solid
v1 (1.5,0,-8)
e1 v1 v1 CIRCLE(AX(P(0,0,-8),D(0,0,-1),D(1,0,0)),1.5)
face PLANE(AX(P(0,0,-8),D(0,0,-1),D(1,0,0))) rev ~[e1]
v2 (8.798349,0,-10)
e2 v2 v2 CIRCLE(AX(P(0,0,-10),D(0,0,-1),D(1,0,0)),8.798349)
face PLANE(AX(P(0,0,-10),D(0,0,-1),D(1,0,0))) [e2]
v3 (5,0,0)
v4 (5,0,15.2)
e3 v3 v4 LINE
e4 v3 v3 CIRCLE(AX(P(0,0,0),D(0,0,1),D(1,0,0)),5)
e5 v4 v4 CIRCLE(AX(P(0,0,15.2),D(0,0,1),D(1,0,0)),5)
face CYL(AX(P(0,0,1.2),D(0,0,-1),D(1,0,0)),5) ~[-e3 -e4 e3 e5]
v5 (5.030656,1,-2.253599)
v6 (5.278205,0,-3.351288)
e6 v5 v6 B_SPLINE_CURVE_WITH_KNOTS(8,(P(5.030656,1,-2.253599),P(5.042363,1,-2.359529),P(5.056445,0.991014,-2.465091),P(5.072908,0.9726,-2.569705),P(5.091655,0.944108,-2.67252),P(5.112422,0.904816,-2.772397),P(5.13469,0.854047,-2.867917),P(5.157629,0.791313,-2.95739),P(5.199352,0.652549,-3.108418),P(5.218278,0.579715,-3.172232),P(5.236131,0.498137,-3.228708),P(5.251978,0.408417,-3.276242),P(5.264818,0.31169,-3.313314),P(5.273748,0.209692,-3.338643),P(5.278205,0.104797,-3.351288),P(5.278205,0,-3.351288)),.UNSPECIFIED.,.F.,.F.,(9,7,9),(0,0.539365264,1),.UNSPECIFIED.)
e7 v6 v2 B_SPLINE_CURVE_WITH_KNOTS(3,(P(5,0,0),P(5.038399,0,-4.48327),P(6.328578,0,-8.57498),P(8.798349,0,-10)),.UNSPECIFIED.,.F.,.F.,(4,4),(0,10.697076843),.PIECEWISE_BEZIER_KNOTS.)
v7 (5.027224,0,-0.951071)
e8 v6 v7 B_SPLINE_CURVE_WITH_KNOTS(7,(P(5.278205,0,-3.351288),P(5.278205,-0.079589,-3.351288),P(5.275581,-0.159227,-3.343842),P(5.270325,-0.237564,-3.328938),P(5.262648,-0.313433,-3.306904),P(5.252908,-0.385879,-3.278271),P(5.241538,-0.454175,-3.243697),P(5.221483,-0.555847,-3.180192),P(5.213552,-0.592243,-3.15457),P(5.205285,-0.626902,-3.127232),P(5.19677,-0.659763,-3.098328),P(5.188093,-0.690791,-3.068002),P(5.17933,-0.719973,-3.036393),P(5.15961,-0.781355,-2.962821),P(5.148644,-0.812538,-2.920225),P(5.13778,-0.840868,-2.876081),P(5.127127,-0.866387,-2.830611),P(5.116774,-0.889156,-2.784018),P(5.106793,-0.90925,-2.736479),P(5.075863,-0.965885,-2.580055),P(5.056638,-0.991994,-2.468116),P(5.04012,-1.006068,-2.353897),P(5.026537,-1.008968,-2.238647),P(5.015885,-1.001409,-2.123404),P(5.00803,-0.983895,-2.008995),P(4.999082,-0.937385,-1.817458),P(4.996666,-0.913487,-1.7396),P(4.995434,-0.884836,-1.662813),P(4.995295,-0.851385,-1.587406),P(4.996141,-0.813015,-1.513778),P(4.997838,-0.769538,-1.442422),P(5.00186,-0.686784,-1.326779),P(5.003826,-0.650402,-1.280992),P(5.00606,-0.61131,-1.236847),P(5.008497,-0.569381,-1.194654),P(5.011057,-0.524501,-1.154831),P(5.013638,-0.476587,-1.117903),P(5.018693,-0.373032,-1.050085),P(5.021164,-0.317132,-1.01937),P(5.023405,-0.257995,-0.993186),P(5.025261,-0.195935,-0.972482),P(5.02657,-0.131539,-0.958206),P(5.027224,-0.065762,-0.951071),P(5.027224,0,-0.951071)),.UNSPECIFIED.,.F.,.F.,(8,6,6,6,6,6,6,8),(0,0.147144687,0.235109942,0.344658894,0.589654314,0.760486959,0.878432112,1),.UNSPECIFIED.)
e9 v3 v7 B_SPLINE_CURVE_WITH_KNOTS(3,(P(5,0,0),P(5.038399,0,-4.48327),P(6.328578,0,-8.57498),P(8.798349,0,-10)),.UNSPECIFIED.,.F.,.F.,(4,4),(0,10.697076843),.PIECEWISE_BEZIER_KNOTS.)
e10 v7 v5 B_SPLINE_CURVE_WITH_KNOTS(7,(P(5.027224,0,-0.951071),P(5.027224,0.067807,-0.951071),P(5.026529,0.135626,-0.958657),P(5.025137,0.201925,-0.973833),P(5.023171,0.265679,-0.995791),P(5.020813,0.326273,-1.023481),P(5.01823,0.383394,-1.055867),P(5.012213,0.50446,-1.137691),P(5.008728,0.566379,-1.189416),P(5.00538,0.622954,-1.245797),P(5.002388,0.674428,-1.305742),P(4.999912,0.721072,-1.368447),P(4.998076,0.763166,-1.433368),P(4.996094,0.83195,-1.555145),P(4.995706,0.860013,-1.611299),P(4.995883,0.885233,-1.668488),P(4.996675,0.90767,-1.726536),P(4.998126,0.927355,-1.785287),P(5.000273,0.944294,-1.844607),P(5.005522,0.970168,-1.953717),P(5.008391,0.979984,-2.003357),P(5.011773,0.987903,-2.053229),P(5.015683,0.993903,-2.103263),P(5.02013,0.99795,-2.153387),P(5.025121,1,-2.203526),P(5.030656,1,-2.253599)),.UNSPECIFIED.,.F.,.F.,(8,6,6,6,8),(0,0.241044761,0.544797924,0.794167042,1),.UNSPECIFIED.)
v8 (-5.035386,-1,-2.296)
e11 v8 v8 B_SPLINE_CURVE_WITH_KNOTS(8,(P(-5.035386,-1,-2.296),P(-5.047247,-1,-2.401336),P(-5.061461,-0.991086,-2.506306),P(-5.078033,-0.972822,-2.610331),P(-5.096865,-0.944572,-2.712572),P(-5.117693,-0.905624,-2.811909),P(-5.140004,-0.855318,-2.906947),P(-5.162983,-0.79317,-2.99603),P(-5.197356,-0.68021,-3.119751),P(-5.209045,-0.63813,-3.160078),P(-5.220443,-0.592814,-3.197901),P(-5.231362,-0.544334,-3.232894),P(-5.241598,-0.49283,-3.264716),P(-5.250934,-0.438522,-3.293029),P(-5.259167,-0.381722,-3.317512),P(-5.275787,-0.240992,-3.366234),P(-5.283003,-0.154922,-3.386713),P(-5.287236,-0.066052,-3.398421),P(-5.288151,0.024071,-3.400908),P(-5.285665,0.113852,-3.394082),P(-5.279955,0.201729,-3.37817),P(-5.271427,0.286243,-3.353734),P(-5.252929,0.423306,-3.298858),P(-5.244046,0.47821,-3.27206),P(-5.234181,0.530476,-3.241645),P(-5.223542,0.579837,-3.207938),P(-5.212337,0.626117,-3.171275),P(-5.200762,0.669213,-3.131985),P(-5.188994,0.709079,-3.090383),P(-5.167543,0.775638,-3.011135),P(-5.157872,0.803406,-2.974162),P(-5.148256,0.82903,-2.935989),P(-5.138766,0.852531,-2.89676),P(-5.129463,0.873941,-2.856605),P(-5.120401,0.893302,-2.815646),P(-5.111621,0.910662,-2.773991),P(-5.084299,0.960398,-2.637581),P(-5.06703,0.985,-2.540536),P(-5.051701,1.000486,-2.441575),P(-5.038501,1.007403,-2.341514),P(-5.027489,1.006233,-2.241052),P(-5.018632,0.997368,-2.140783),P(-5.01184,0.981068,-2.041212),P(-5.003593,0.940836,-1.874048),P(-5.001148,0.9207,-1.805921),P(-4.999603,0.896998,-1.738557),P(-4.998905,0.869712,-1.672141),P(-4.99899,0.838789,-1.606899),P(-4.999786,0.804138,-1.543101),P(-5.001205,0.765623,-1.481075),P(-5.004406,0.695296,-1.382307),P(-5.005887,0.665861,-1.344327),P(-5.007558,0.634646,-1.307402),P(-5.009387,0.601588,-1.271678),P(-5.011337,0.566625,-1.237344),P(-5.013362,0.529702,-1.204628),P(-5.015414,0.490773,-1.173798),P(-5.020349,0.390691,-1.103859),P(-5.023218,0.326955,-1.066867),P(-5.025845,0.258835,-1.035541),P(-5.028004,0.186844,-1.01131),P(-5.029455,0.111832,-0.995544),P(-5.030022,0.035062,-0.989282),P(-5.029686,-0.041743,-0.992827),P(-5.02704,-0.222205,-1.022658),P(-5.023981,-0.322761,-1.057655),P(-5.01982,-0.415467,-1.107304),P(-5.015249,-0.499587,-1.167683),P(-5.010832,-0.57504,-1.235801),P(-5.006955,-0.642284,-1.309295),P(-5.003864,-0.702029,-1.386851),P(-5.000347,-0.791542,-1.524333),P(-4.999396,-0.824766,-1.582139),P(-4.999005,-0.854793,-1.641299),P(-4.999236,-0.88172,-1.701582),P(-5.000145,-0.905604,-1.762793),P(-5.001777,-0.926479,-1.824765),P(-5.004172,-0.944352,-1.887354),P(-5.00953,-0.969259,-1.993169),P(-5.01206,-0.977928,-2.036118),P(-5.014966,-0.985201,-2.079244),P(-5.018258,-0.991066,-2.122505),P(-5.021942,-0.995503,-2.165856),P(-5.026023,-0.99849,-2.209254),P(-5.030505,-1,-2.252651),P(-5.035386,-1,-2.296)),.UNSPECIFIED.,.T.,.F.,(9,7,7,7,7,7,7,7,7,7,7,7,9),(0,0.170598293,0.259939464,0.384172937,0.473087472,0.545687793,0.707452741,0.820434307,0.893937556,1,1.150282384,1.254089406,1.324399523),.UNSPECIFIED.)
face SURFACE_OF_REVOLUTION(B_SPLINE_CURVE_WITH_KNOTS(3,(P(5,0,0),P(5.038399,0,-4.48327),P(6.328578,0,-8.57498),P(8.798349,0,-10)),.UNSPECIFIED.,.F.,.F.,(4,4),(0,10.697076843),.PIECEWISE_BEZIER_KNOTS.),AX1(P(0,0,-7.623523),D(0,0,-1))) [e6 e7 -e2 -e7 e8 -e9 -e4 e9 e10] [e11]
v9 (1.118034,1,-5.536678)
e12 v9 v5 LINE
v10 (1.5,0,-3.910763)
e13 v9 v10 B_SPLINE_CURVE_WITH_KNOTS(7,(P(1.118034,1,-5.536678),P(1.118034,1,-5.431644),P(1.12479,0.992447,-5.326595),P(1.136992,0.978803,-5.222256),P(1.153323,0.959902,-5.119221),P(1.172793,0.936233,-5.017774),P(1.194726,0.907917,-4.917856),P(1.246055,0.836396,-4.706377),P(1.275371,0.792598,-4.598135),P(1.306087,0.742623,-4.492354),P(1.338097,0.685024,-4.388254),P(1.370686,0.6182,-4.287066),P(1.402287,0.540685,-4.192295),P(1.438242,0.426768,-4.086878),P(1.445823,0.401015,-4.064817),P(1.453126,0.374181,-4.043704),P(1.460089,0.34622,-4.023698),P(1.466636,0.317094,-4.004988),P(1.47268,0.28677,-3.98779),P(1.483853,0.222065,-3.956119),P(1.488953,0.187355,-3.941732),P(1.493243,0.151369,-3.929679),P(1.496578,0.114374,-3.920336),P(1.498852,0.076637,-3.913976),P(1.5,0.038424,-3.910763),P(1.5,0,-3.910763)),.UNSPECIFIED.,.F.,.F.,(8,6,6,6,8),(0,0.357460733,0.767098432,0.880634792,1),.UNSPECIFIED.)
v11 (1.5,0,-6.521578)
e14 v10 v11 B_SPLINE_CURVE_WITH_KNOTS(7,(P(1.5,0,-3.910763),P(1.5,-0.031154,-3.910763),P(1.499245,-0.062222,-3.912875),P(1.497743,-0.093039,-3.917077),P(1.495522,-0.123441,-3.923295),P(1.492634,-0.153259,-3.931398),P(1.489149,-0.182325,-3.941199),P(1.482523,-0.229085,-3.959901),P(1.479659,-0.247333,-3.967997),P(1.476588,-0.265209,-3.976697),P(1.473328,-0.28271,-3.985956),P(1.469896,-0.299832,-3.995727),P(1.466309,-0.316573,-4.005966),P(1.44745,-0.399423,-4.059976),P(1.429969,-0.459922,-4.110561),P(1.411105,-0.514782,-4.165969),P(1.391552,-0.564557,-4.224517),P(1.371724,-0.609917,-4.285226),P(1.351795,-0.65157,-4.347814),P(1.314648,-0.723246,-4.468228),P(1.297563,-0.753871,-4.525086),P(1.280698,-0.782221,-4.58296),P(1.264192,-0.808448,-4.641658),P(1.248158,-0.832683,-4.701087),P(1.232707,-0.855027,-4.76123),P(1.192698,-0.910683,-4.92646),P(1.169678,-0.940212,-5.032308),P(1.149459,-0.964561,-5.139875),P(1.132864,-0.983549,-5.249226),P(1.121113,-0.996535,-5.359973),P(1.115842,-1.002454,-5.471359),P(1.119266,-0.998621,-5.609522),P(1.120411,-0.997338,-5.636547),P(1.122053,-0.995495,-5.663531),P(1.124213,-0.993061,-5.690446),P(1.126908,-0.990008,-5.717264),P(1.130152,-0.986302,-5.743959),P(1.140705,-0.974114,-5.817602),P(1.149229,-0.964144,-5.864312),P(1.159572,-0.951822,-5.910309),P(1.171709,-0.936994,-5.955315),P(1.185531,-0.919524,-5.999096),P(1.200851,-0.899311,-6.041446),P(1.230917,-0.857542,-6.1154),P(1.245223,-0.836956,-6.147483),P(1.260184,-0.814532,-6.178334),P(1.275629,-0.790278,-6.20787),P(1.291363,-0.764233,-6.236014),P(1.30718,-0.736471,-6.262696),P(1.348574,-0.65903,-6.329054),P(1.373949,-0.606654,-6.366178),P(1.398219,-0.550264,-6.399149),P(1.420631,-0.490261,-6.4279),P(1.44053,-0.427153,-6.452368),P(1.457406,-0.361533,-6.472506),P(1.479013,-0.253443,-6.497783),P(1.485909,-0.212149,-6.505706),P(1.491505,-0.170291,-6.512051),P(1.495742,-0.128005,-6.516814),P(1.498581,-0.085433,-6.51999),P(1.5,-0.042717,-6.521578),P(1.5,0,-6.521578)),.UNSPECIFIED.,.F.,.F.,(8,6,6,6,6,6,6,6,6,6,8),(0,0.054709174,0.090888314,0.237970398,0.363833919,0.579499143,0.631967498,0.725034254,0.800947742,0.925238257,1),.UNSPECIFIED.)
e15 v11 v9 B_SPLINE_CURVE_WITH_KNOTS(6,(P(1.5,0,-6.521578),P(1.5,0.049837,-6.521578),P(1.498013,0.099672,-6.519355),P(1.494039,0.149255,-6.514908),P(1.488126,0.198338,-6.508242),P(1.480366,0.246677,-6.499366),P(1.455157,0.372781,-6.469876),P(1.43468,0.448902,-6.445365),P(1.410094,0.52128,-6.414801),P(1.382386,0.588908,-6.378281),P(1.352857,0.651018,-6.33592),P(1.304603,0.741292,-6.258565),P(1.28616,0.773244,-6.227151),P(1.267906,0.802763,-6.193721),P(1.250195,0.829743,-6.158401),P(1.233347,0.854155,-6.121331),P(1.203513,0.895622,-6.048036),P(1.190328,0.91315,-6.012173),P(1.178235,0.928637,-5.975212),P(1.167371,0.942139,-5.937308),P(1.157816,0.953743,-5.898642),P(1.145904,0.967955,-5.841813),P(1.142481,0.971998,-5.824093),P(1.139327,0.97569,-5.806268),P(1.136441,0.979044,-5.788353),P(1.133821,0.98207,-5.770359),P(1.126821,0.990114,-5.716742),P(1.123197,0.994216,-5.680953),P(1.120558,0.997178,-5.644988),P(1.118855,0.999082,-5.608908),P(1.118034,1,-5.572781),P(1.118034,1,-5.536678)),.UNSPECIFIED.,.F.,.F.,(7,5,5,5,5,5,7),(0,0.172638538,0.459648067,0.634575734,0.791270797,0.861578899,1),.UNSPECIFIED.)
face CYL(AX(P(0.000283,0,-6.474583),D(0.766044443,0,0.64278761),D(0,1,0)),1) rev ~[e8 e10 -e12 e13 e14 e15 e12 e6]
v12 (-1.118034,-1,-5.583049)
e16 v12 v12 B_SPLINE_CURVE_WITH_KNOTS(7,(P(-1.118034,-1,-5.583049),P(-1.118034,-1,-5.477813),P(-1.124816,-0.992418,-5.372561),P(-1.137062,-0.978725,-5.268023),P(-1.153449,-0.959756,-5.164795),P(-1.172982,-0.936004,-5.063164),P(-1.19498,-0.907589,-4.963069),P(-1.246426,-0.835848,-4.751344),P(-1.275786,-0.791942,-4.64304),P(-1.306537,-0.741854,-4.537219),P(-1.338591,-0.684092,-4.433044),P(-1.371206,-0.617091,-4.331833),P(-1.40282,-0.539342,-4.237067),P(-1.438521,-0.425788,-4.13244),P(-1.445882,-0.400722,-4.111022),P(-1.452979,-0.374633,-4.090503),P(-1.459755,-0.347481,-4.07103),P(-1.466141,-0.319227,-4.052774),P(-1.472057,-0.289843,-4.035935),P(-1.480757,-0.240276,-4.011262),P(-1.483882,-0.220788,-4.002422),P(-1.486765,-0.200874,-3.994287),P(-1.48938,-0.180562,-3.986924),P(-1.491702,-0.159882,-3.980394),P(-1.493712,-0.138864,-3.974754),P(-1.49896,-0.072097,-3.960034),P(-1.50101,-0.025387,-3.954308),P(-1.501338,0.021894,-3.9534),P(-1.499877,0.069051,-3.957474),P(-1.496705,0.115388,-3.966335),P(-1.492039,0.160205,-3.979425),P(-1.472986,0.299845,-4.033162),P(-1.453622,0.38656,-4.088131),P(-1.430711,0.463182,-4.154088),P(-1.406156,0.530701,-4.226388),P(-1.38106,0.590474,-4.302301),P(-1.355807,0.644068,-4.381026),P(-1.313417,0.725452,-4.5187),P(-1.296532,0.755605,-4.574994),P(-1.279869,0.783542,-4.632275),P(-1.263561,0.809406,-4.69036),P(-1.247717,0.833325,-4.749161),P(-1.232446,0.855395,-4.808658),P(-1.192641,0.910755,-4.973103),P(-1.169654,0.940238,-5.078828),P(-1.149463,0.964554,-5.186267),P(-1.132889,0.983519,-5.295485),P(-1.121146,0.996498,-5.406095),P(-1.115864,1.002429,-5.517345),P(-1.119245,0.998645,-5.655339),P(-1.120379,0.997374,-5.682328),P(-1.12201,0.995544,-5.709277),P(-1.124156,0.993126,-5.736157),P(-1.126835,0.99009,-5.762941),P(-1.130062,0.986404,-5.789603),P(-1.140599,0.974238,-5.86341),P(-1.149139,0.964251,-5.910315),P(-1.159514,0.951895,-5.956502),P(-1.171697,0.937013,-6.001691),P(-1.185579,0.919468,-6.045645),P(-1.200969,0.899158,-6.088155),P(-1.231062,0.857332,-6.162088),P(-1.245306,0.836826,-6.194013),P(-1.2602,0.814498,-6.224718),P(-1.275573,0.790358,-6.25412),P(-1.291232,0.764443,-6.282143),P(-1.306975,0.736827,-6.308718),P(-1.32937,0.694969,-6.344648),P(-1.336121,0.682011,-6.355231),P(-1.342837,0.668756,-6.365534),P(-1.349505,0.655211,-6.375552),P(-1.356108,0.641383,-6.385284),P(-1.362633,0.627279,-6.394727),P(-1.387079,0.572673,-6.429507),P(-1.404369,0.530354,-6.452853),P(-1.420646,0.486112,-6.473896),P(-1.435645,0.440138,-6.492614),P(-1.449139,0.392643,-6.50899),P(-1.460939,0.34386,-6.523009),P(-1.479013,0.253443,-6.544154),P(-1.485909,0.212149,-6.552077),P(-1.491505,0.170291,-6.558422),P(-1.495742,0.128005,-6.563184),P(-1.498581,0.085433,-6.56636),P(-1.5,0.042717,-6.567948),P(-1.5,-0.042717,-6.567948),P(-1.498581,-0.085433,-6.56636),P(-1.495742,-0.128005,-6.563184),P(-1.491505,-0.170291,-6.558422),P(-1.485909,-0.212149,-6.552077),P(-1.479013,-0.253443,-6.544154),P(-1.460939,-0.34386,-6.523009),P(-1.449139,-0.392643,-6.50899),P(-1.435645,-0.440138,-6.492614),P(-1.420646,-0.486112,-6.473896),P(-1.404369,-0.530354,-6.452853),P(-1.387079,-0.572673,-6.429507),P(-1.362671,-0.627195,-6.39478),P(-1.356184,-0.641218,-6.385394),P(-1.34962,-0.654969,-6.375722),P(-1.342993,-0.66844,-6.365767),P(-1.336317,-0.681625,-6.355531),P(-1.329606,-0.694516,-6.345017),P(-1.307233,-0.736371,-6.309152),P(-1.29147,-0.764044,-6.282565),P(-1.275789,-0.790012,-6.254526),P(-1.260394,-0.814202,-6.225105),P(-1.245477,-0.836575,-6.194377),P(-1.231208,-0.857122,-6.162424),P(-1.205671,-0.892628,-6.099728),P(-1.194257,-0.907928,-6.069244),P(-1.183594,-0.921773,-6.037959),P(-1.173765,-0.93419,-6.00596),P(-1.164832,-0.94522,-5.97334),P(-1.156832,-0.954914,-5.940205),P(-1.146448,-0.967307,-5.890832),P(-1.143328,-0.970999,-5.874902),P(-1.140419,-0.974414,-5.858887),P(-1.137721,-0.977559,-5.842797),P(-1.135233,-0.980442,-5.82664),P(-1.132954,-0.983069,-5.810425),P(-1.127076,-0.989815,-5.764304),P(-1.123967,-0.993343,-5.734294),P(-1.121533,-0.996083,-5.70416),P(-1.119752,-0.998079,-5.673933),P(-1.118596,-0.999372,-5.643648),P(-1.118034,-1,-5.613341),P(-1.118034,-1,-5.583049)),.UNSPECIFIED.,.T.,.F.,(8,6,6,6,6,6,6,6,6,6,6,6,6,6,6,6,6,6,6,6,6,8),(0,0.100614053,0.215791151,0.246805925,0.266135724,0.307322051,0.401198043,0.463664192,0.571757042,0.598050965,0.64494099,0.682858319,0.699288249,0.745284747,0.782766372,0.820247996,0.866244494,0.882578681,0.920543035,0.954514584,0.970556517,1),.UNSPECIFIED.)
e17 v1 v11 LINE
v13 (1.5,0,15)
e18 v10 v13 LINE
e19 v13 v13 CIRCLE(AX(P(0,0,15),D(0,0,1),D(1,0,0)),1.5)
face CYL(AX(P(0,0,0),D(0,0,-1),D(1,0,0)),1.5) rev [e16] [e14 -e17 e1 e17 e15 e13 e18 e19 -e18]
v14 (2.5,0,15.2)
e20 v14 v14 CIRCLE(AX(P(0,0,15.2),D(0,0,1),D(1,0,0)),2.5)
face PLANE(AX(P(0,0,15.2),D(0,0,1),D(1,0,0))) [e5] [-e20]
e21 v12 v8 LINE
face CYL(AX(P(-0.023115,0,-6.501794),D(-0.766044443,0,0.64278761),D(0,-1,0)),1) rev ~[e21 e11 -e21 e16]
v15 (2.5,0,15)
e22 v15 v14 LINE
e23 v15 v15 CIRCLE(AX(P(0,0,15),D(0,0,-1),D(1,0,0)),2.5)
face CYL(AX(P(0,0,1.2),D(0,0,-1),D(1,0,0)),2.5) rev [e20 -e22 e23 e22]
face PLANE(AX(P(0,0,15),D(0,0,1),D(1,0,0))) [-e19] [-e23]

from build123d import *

# Parameters (mm, degrees)
F0_R          = 2.5
F0_R_2        = 1.5
F4_DEPTH      = 15
F4_DEPTH_BACK = 10
F6_R          = 2.55
F6_R_2        = 2.5
F7_DEPTH      = 0.25
F10_R         = 5
F10_R_2       = 1.5
F11_DEPTH     = 1.2
F14_R         = 1.5
F15_DEPTH     = 2
F3_R          = 1
F18_R         = 1
F20_DEPTH     = 14


with BuildPart() as f4:
    # F0 (on Top) → F4 (new body, two sides)
    with BuildSketch(Plane.XY) as f4_sk:
        Circle(F0_R)
        Circle(F0_R_2, mode=Mode.SUBTRACT)
    extrude(amount=F4_DEPTH)
    extrude(f4_sk.sketch, amount=-F4_DEPTH_BACK)

    # F6 (on face) → F7 (join)
    with BuildSketch(Plane.XY.offset(15)):
        Circle(F6_R)
        Circle(F6_R_2, mode=Mode.SUBTRACT)
    extrude(amount=-F7_DEPTH)

    # F10 (on Top) → F11 (join)
    with BuildSketch(Plane.XY):
        Circle(F10_R)
        Circle(F10_R_2, mode=Mode.SUBTRACT)
    extrude(amount=F11_DEPTH)

    # F12 (on Front) → F13 (revolve)
    with BuildSketch(Plane.XZ):
        with BuildLine():
            Line((5, 0), (2.5, 0))
            Line((2.5, 0), (2.5, -10))
            Line((2.5, -10), (8.7983487174, -10))
            add(Edge.make_bspline(
                [(5, 0), (5.0383992493, -4.4832699932), (6.3285781071, -8.5749803111), (8.7983487174, -10)],
                knots=[0, 0, 0, 0, 10.6970768427, 10.6970768427, 10.6970768427, 10.6970768427], degree=3))
        make_face()
    revolve(axis=Axis((0, 0, -7.6235234737), (0, 0, -1)))

    # F14 (on face) → F15 (join)
    with BuildSketch(Plane(origin=(0, 0, -10), x_dir=(1, 0, 0), z_dir=(0, 0, -1))):
        Circle(F14_R)
    extrude(amount=-F15_DEPTH)

    # F16: sweep along a path in F1
    with BuildLine(Plane.XZ) as f16_path:
        Line((0, -6.4742463656), (7.6604444312, -0.0463702687))
    # F3 (on line) → F16 (sweep, cut)
    with BuildSketch(Plane(origin=(4.4725004233, 0, 3.7528734556), x_dir=(0, 1, 0), z_dir=(0.7660444431, 0, 0.6427876097))):
        with Locations((0, -4.96)):
            Circle(F3_R)
    sweep(path=f16_path.line, mode=Mode.SUBTRACT)

    # F19: sweep along a path in F1
    with BuildLine(Plane.XZ) as f19_path:
        Line((0, -6.4742463656), (-7.6604444312, -0.0463702687))
    # F18 (on line) → F19 (sweep, cut)
    with BuildSketch(Plane(origin=(-4.4725004233, 0, 3.7528734556), x_dir=(0, -1, 0), z_dir=(-0.7660444431, 0, 0.6427876097))):
        with Locations((0, -4.9955216867)):
            Circle(F18_R)
    sweep(path=f19_path.line, mode=Mode.SUBTRACT)

    # F20 (add): a face of the model
    f20_faces = [f4.faces().sort_by_distance(p)[0] for p in [
        (-4.8585786438, 0, 1.2),
    ]]
    extrude(f20_faces, amount=F20_DEPTH)


solid = f4.part
